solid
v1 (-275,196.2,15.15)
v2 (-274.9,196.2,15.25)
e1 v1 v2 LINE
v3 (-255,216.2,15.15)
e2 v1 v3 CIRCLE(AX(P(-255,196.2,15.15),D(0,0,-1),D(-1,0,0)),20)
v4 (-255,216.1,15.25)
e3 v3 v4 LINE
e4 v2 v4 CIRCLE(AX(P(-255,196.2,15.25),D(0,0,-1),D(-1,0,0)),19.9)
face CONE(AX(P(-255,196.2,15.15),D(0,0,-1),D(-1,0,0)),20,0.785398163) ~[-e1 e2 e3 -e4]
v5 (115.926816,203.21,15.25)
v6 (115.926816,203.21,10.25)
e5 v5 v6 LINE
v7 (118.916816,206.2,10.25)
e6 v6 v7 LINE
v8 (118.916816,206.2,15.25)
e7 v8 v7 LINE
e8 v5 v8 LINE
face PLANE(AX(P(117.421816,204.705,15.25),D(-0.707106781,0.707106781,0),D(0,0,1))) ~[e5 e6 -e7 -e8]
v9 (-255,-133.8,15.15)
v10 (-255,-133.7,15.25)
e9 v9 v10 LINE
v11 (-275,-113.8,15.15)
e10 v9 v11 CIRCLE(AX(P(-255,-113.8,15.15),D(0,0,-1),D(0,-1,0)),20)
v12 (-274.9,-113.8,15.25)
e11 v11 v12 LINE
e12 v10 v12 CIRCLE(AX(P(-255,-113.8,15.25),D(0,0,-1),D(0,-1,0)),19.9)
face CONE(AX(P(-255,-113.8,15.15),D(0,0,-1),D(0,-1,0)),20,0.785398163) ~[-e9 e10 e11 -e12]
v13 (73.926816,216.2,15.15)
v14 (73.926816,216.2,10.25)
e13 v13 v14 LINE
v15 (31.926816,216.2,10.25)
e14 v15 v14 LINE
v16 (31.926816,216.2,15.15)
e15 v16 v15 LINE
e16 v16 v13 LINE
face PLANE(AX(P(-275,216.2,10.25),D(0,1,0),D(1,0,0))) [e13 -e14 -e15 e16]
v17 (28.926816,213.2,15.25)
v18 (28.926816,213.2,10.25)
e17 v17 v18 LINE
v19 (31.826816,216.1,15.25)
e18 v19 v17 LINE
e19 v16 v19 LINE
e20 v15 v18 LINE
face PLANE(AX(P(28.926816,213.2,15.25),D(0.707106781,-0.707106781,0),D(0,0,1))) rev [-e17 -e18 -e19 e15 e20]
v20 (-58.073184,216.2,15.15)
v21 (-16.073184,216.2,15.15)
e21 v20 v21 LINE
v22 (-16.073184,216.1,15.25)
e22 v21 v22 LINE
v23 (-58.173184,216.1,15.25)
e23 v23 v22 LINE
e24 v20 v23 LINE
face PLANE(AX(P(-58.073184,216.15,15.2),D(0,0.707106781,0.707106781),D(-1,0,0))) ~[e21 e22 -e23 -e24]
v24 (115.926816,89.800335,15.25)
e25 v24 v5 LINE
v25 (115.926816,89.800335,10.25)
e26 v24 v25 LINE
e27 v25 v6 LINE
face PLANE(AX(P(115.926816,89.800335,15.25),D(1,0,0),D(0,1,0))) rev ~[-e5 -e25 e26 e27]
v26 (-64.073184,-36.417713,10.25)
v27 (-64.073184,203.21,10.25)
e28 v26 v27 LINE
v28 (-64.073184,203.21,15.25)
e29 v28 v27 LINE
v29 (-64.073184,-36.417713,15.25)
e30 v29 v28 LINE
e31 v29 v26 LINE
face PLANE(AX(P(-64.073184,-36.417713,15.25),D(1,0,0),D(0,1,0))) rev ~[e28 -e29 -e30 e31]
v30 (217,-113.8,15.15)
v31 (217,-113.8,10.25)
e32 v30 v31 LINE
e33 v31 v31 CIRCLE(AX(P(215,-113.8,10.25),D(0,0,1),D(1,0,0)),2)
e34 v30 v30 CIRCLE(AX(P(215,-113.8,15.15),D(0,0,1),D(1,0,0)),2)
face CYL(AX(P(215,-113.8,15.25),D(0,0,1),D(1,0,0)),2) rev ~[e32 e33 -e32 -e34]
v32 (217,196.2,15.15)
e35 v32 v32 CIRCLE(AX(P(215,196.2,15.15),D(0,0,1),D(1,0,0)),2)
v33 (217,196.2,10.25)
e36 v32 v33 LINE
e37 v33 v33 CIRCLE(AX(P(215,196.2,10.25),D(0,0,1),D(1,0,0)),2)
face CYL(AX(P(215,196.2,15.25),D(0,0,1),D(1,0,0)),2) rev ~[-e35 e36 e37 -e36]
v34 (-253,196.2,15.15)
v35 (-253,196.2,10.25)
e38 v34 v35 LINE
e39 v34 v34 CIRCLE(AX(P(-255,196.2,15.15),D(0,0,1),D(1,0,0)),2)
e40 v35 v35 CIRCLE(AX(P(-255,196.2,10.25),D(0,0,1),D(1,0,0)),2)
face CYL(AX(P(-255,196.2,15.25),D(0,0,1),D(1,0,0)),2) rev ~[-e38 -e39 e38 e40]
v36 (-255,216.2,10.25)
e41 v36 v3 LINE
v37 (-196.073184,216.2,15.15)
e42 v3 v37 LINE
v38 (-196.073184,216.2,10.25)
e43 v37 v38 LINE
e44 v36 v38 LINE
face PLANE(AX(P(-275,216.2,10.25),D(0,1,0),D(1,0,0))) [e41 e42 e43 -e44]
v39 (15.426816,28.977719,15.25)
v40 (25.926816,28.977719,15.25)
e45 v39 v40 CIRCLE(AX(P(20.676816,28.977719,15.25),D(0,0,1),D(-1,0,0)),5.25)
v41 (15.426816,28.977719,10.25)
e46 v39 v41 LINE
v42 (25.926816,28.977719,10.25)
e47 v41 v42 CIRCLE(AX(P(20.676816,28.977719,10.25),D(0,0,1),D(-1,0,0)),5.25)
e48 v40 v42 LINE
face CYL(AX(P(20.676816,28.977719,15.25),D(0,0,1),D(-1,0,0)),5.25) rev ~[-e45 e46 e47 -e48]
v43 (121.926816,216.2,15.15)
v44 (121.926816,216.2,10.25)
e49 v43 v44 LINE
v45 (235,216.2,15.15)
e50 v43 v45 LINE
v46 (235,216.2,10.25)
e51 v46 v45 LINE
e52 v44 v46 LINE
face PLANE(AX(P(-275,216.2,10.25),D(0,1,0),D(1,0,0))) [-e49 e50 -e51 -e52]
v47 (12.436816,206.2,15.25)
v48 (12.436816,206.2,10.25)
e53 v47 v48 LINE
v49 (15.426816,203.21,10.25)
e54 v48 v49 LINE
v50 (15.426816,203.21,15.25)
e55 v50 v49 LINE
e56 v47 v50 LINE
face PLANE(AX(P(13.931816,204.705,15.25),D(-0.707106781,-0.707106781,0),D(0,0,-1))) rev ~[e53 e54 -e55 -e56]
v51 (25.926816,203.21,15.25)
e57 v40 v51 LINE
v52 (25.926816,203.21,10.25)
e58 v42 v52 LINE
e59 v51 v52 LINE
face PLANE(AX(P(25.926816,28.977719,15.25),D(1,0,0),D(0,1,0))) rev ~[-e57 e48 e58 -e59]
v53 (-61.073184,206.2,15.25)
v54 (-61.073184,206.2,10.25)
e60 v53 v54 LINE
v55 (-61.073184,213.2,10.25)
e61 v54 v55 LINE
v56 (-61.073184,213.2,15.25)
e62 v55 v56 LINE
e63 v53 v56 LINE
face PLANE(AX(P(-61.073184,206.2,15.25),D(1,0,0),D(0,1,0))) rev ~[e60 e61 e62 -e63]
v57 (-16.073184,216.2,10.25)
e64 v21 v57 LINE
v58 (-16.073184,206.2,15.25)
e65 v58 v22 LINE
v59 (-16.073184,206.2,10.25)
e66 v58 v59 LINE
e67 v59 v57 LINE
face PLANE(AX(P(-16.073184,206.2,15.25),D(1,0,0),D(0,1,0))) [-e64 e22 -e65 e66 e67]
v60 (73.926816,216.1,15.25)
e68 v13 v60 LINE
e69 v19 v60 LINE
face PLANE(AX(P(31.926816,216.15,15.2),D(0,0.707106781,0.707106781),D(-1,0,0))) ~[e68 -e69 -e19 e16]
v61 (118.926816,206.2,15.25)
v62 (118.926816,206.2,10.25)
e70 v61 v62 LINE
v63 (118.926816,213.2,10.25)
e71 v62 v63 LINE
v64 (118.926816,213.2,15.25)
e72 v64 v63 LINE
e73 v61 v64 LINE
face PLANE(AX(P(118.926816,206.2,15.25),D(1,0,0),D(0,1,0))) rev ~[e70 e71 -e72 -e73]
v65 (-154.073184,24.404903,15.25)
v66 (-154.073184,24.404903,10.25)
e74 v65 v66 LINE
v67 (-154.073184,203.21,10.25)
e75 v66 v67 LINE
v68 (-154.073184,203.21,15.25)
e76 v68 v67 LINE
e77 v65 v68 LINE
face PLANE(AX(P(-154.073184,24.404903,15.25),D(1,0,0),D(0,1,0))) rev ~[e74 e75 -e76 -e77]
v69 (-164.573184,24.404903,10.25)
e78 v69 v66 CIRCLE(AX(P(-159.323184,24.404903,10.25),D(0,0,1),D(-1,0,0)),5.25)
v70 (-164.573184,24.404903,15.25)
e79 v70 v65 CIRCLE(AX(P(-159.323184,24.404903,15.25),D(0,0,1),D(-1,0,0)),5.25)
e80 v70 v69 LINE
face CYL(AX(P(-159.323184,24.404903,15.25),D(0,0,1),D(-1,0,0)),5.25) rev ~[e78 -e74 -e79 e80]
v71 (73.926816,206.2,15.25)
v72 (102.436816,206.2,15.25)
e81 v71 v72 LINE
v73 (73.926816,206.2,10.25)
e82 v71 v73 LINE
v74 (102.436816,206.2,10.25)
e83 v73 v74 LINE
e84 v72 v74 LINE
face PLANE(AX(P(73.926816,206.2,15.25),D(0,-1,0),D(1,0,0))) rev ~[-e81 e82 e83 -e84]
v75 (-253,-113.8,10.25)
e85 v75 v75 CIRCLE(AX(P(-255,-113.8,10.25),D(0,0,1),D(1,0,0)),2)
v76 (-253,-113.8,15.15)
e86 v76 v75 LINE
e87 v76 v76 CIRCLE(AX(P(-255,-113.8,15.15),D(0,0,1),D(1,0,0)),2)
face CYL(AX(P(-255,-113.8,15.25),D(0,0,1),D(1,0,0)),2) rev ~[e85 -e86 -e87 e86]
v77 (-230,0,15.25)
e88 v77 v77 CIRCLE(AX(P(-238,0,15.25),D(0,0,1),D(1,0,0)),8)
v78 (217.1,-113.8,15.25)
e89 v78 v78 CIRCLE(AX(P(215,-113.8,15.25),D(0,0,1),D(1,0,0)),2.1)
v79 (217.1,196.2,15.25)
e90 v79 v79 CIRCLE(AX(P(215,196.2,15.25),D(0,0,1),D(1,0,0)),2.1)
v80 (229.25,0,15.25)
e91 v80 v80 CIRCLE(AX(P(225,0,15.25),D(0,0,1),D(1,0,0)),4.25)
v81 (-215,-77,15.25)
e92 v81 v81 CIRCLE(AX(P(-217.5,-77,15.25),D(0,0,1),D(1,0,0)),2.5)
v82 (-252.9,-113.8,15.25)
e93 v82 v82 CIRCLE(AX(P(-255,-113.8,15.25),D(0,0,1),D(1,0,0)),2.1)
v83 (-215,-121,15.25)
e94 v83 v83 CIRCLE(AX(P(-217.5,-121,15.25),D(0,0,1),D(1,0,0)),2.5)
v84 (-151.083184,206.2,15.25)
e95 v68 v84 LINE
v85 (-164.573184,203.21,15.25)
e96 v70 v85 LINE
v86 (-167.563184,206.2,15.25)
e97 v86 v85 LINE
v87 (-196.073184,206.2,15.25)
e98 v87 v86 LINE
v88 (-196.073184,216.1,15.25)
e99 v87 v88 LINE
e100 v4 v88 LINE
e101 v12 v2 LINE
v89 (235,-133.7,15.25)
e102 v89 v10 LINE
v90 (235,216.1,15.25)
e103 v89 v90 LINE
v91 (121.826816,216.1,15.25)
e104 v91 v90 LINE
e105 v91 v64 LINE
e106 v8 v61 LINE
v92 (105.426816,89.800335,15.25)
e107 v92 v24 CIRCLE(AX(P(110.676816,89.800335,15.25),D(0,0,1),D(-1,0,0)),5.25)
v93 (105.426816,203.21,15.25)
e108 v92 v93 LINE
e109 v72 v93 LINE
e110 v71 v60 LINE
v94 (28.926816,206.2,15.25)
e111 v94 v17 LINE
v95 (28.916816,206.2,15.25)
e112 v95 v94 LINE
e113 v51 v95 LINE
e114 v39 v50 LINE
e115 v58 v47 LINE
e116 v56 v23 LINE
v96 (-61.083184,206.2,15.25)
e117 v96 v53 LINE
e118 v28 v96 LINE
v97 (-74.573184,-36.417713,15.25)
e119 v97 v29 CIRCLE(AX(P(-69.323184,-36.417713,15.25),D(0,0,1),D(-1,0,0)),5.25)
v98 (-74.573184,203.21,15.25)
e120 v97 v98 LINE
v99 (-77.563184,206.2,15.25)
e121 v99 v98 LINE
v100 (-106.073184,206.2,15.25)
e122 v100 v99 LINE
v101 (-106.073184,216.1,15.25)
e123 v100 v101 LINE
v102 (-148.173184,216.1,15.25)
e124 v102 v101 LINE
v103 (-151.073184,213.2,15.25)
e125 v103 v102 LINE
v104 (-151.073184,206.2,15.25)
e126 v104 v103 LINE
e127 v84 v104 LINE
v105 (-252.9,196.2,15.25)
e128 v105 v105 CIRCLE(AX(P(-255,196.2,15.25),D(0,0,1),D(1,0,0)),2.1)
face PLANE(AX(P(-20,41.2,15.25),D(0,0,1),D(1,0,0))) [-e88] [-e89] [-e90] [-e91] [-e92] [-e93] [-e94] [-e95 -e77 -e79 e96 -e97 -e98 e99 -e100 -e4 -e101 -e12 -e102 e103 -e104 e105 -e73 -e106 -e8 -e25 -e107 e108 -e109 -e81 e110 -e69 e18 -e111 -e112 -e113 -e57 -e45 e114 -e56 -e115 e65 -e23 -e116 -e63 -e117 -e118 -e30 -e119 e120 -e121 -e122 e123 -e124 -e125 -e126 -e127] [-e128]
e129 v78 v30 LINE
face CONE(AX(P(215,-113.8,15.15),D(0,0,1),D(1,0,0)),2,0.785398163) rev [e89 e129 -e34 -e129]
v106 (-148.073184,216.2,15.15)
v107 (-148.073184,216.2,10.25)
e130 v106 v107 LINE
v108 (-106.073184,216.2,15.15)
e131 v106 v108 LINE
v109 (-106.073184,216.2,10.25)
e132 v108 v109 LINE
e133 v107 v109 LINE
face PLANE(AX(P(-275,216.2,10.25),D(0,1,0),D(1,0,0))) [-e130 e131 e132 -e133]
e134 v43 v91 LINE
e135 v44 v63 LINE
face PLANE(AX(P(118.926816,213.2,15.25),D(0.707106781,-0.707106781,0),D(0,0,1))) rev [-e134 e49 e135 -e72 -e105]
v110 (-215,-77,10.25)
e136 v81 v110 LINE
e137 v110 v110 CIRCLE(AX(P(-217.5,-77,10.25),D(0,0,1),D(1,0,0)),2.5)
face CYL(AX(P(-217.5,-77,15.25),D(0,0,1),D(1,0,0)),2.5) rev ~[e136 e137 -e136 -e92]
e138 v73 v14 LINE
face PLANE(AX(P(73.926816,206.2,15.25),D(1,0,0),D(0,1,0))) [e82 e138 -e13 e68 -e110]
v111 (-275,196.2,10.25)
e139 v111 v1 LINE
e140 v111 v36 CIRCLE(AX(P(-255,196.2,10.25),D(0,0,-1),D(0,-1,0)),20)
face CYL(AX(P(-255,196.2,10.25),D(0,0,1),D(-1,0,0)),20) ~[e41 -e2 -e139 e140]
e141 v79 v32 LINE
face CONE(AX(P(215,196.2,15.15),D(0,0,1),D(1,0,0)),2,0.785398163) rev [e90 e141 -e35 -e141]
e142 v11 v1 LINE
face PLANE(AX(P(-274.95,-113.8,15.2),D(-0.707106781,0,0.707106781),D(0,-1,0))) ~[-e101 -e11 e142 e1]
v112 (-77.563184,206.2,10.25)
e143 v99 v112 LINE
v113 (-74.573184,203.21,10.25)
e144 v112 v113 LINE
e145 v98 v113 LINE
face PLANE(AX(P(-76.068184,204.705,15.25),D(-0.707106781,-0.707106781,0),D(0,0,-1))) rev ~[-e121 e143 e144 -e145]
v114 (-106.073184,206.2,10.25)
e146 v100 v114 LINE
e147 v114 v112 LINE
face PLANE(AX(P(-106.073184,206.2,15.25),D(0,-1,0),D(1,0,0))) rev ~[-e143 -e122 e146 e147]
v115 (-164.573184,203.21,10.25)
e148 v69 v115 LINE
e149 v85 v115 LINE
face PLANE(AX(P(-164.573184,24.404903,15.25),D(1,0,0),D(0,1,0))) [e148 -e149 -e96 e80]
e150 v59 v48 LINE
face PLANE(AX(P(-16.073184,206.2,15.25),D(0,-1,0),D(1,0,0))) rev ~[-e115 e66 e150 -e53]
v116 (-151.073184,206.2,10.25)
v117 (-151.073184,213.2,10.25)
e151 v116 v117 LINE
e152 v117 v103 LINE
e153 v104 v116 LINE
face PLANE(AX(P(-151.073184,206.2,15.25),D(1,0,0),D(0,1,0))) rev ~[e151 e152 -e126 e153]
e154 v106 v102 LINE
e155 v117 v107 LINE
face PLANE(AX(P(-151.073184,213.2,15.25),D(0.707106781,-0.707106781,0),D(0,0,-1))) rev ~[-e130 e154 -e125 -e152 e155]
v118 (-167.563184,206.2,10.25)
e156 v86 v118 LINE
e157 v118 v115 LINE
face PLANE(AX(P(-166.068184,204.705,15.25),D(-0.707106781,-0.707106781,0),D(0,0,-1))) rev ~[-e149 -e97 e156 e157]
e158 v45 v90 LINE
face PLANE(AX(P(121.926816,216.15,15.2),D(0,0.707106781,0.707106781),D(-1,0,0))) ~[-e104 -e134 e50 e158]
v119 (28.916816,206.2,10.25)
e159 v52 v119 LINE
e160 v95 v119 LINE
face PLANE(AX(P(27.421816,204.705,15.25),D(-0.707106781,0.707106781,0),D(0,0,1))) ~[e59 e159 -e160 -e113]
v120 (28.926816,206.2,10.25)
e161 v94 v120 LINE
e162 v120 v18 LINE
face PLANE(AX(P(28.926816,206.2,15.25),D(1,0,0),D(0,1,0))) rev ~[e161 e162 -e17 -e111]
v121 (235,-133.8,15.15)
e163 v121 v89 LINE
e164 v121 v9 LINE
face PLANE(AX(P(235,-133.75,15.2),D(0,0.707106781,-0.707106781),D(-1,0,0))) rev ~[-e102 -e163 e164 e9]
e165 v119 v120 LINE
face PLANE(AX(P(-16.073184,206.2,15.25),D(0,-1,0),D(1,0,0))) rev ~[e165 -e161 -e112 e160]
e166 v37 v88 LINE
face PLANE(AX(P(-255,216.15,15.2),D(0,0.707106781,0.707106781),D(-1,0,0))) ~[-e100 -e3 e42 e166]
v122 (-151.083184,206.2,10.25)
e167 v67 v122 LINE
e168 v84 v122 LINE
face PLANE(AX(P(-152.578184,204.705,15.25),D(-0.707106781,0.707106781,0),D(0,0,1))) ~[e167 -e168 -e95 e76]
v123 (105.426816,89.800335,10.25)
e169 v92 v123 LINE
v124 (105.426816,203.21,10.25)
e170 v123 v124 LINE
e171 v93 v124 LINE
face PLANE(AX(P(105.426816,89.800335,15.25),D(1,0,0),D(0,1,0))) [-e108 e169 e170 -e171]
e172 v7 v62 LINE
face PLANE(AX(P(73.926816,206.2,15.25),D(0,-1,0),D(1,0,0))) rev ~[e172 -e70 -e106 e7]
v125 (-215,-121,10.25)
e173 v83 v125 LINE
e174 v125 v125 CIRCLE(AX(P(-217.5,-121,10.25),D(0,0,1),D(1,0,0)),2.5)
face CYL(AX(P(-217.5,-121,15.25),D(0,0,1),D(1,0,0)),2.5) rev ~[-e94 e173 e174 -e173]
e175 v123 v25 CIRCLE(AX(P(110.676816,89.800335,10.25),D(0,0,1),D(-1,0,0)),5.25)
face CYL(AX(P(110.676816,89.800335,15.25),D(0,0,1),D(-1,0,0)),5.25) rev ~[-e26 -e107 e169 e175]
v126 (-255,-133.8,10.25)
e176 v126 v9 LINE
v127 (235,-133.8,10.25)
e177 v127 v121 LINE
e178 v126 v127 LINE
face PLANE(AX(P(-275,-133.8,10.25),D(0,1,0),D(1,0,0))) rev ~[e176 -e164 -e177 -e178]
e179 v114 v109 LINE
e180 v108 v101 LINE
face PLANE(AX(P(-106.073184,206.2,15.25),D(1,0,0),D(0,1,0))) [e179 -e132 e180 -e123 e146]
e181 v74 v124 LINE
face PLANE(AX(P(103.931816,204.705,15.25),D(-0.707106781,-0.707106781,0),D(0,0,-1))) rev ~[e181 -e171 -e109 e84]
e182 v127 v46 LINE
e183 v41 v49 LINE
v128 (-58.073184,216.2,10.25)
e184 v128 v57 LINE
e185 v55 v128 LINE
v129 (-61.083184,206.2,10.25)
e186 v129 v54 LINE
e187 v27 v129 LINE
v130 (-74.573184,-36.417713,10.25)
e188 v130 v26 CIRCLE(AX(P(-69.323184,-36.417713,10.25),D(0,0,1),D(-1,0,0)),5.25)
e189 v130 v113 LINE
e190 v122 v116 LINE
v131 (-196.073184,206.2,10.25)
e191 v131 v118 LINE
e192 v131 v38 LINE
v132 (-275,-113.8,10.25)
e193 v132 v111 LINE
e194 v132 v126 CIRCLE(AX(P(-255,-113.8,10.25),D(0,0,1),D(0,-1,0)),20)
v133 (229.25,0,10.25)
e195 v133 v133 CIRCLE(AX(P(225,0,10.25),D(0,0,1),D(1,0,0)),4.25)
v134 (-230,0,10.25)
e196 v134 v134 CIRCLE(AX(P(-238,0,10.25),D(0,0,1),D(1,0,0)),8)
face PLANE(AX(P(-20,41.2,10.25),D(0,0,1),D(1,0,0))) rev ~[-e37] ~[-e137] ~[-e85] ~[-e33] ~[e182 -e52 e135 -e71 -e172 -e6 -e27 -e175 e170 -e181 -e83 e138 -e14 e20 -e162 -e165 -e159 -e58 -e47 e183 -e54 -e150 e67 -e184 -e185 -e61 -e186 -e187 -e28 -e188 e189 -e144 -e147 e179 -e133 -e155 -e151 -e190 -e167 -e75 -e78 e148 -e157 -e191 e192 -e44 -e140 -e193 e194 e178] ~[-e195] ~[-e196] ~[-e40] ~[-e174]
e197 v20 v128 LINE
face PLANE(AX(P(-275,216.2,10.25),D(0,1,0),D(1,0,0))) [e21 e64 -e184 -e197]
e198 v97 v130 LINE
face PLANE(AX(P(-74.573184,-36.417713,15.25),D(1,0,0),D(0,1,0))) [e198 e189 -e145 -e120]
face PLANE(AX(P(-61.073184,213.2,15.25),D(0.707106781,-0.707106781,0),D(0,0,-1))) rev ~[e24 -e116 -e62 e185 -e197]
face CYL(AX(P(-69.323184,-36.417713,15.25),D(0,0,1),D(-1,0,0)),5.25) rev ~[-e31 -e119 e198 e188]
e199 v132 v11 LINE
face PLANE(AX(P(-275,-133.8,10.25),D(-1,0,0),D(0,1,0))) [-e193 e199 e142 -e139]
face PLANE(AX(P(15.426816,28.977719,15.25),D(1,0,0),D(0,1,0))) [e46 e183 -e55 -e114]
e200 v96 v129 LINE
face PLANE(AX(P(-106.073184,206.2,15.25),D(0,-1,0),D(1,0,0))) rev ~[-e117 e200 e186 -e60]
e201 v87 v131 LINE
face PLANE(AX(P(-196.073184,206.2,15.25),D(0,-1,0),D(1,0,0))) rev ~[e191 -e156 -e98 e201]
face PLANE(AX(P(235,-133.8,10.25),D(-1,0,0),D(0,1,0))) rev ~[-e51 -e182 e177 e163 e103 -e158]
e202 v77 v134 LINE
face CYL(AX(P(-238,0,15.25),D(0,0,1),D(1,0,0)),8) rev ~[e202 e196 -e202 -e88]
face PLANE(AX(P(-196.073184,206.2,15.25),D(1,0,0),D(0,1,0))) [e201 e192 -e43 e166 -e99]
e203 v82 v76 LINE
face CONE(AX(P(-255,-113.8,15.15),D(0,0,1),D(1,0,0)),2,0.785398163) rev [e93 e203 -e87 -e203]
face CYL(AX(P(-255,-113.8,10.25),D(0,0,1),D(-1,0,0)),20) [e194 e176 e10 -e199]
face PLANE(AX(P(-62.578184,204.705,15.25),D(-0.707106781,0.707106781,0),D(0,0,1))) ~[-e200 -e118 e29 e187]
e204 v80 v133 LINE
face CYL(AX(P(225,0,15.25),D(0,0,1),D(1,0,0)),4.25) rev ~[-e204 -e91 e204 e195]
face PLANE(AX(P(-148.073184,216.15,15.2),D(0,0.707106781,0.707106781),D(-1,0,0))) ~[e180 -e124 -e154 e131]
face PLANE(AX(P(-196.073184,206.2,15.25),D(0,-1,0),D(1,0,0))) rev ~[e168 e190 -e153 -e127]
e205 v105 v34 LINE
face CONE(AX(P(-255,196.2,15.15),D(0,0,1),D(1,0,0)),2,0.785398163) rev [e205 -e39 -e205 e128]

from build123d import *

# Parameters (mm, degrees)
SKETCH018_W     = 510
SKETCH018_H     = 350
PAD015_DEPTH    = 5
SKETCH019_R     = 8
SKETCH019_R_2   = 4.25
POCKET011_DEPTH = 5.001
FILLET005_R     = 20
SKETCH020_R     = 2
POCKET012_DEPTH = 5.001
CHAMFER009_SIZE = 6
CHAMFER010_SIZE = 0.1
CHAMFER011_SIZE = 0.1
SKETCH052_W     = 45
SKETCH052_H     = 10
POCKET033_DEPTH = 5.001
CHAMFER024_SIZE = 2.99
SKETCH068_R     = 2.5
POCKET043_DEPTH = 5.001


with BuildPart() as part:
    # Sketch018 → Pad015 (new body)
    with BuildSketch(Plane.XY):
        with Locations((-20, 41.2)):
            Rectangle(SKETCH018_W, SKETCH018_H)
    extrude(amount=PAD015_DEPTH)

    # Sketch019 (on Face6 of Pad015) → Pocket011 (cut, through all)
    with BuildSketch(Plane.XY.offset(5)):
        with Locations((-238, 0)):
            Circle(SKETCH019_R)
        with Locations((225, 0)):
            Circle(SKETCH019_R_2)
        with BuildLine():
            ThreePointArc((-164.573184, 24.404903), (-159.323184, 19.154903), (-154.073184, 24.404903))
            Line((-154.073184, 24.404903), (-154.073184, 216.2))
            ThreePointArc((-154.073184, 216.2), (-159.323184, 221.45), (-164.573184, 216.2))
            Line((-164.573184, 24.404903), (-164.573184, 216.2))
        make_face()
        with BuildLine():
            ThreePointArc((-74.573184, -36.417713), (-69.323184, -41.667713), (-64.073184, -36.417713))
            Line((-64.073184, -36.417713), (-64.073184, 216.2))
            ThreePointArc((-64.073184, 216.2), (-69.323184, 221.45), (-74.573184, 216.2))
            Line((-74.573184, -36.417713), (-74.573184, 216.2))
        make_face()
        with BuildLine():
            ThreePointArc((15.426816, 28.977719), (20.676816, 23.727719), (25.926816, 28.977719))
            Line((25.926816, 28.977719), (25.926816, 216.2))
            ThreePointArc((25.926816, 216.2), (20.676816, 221.45), (15.426816, 216.2))
            Line((15.426816, 28.977719), (15.426816, 216.2))
        make_face()
        with BuildLine():
            ThreePointArc((105.426816, 89.800335), (110.676816, 84.550335), (115.926816, 89.800335))
            Line((115.926816, 89.800335), (115.926816, 216.2))
            ThreePointArc((115.926816, 216.2), (110.676816, 221.45), (105.426816, 216.2))
            Line((105.426816, 89.800335), (105.426816, 216.2))
        make_face()
    extrude(amount=-POCKET011_DEPTH, mode=Mode.SUBTRACT)

    # Fillet005
    fillet005_edges = [part.edges().sort_by_distance(p)[0] for p in [
        (-275, 216.2, 2.5),
        (-275, -133.8, 2.5),
    ]]
    fillet(fillet005_edges, radius=FILLET005_R)

    # Sketch020 (on Face5 of Fillet005) → Pocket012 (cut, through all)
    with BuildSketch(Plane.XY.offset(5)):
        with Locations((-255, 196.2)):
            Circle(SKETCH020_R)
        with Locations((-255, -113.8)):
            Circle(SKETCH020_R)
        with Locations((215, -113.8)):
            Circle(SKETCH020_R)
        with Locations((215, 196.2)):
            Circle(SKETCH020_R)
    extrude(amount=-POCKET012_DEPTH, mode=Mode.SUBTRACT)

    # Chamfer009
    chamfer009_edges = [part.edges().sort_by_distance(p)[0] for p in [
        (-164.573184, 216.2, 2.5),
        (-154.073184, 216.2, 2.5),
        (-74.573184, 216.2, 2.5),
        (-64.073184, 216.2, 2.5),
        (15.426816, 216.2, 2.5),
        (25.926816, 216.2, 2.5),
        (105.426816, 216.2, 2.5),
        (115.926816, 216.2, 2.5),
    ]]
    chamfer(chamfer009_edges, length=CHAMFER009_SIZE)

    # Chamfer010
    chamfer010_edges = [part.edges().sort_by_distance(p)[0] for p in [
        (-212.786592, 216.2, 5),
        (-114.323184, 216.2, 5),
        (-24.323184, 216.2, 5),
        (65.676816, 216.2, 5),
        (178.463408, 216.2, 5),
    ]]
    chamfer(chamfer010_edges, length=CHAMFER010_SIZE)

    # Chamfer011
    chamfer011_edges = [part.edges().sort_by_distance(p)[0] for p in [
        (-257, 196.2, 5),
        (-257, -113.8, 5),
        (213, -113.8, 5),
        (213, 196.2, 5),
    ]]
    chamfer(chamfer011_edges, length=CHAMFER011_SIZE)

    # Sketch052 (on Face1 of Chamfer011) → Pocket033 (cut, through all)
    with BuildSketch(Plane.XY.offset(5)):
        with Locations((-173.573184, 211.2)):
            Rectangle(SKETCH052_W, SKETCH052_H)
        with Locations((-83.573184, 211.2)):
            Rectangle(SKETCH052_W, SKETCH052_H)
        with Locations((6.426816, 211.2)):
            Rectangle(SKETCH052_W, SKETCH052_H)
        with Locations((96.426816, 211.2)):
            Rectangle(SKETCH052_W, SKETCH052_H)
    extrude(amount=-POCKET033_DEPTH, mode=Mode.SUBTRACT)

    # Chamfer024
    chamfer024_edges = [part.edges().sort_by_distance(p)[0] for p in [
        (-164.573184, 206.2, 2.5),
        (-154.073184, 206.2, 2.5),
        (-74.573184, 206.2, 2.5),
        (-64.073184, 206.2, 2.5),
        (15.426816, 206.2, 2.5),
        (25.926816, 206.2, 2.5),
        (105.426816, 206.2, 2.5),
        (115.926816, 206.2, 2.5),
    ]]
    chamfer(chamfer024_edges, length=CHAMFER024_SIZE)

    # Sketch068 (on Face1 of Chamfer024) → Pocket043 (cut, through all)
    with BuildSketch(Plane.XY.offset(5)):
        with Locations((-217.5, -77)):
            Circle(SKETCH068_R)
        with Locations((-217.5, -121)):
            Circle(SKETCH068_R)
    extrude(amount=-POCKET043_DEPTH, mode=Mode.SUBTRACT)


with BuildPart() as part_1:
    # Body011 placement: moved
    add(part.part.moved(Location((0, 0, 10.25))))


solid = part_1.part
